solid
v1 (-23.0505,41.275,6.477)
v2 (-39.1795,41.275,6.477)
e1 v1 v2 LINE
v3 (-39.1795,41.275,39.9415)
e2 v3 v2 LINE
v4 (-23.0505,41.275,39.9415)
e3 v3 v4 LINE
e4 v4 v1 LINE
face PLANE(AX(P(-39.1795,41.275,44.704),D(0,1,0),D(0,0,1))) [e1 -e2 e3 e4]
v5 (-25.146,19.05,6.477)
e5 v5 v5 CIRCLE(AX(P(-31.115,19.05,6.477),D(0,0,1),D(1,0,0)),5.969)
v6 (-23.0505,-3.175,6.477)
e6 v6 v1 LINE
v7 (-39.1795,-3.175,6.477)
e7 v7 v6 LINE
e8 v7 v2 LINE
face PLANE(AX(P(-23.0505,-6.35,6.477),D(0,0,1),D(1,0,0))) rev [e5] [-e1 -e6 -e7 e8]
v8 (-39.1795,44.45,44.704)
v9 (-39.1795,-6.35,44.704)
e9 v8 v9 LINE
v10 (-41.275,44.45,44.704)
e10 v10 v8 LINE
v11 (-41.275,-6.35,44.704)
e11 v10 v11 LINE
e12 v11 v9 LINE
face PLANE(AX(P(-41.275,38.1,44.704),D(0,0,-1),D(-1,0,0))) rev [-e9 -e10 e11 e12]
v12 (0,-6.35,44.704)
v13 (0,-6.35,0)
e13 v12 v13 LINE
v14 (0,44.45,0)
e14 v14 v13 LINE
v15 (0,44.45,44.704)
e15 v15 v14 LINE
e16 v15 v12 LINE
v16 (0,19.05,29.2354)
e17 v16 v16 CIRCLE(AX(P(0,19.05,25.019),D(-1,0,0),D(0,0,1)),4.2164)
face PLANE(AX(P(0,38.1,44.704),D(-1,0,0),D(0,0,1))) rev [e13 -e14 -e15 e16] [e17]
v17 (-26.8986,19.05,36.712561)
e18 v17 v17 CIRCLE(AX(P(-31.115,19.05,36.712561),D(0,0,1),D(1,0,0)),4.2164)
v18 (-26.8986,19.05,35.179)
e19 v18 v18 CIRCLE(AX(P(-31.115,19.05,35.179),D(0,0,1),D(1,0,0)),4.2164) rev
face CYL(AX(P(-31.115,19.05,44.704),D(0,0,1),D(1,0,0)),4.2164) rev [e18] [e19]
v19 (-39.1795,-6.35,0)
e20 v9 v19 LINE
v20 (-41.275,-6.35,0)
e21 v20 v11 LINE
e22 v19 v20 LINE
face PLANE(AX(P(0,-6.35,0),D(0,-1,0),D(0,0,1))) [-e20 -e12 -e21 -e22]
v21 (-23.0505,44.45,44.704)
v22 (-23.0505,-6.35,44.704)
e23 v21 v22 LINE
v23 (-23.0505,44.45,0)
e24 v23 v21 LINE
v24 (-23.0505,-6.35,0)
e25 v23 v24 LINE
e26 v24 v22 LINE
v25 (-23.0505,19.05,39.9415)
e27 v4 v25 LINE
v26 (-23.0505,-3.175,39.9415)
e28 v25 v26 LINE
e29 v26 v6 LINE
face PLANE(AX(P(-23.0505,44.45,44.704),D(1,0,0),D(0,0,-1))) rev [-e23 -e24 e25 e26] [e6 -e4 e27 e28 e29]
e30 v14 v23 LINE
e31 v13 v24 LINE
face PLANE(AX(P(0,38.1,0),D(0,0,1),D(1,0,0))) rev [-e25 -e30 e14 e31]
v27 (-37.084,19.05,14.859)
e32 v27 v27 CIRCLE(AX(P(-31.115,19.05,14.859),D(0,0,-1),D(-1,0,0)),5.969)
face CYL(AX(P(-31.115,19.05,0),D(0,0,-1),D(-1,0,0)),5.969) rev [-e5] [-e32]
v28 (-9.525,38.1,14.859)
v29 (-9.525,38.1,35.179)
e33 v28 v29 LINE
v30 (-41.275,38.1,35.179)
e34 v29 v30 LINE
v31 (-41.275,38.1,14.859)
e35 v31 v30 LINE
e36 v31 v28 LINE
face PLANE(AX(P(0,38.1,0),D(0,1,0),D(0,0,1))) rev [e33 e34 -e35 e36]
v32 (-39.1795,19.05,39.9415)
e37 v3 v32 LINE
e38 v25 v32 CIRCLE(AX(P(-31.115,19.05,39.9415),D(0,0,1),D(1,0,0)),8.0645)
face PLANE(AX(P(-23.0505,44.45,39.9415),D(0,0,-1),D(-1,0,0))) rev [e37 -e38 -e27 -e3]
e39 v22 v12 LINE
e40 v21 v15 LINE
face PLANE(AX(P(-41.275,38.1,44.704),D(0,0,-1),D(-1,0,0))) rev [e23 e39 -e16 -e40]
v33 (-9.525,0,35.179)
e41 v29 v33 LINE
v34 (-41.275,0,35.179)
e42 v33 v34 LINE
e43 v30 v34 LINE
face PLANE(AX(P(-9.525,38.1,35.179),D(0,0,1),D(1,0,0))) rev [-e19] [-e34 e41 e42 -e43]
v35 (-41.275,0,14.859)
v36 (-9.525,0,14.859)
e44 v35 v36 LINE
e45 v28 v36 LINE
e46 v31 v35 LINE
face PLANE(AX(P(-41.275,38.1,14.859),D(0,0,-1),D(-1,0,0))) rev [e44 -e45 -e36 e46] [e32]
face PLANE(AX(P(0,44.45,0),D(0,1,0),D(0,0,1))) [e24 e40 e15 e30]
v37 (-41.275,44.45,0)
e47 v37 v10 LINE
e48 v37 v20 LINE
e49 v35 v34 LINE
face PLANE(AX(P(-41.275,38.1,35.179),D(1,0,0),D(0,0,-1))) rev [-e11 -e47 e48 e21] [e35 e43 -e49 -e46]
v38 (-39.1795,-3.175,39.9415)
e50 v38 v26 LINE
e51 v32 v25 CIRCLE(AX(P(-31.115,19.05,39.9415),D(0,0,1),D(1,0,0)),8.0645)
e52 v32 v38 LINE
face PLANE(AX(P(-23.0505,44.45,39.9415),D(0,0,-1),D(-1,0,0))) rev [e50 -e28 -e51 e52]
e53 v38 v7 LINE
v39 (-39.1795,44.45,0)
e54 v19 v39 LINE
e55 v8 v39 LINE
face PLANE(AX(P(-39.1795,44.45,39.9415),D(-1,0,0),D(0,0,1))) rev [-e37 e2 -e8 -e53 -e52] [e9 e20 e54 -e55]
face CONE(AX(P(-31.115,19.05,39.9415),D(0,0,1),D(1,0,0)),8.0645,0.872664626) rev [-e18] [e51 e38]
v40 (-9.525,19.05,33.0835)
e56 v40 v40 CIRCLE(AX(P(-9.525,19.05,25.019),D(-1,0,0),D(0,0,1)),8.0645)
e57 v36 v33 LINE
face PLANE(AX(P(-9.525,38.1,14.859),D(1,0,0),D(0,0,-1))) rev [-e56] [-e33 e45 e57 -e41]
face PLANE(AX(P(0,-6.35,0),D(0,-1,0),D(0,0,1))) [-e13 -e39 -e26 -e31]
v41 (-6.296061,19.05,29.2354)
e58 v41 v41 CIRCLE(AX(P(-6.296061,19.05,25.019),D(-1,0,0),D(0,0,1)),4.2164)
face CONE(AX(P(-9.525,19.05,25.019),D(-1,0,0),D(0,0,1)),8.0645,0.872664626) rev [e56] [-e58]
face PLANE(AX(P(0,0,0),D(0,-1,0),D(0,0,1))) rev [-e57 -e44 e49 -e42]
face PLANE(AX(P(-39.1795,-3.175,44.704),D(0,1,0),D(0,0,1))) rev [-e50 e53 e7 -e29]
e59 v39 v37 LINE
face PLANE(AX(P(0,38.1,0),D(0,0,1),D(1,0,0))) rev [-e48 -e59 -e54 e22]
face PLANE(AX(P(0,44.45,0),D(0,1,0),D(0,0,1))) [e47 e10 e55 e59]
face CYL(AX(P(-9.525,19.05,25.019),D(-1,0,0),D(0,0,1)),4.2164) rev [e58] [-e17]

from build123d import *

# Parameters (mm, degrees)
BOSS_EXTRUDE1_DEPTH                 = 38.1
SKETCH2_W                           = 41.275
SKETCH2_H                           = 44.704
END_CAPS_DEPTH                      = 6.35
CHANNEL_COUNTERSINK_PRE_D           = 8.4328
CHANNEL_COUNTERSINK_PRE_DEPTH       = 9.525
CHANNEL_COUNTERSINK_PRE_CSINK_D     = 16.129
CHANNEL_COUNTERSINK_PRE_CSINK_ANGLE = 100
CHANNEL_COUNTERSINK_PRE_TIP         = 2.533468714
MOUNTING_COUNTERSINK_D              = 8.4328
MOUNTING_COUNTERSINK_CSINK_D        = 16.129
MOUNTING_COUNTERSINK_CSINK_ANGLE    = 100
SKETCH13_W                          = 16.129
SKETCH13_H                          = 4.7625
CHANNEL_TOP_AND_BOTTOM_DEPTH        = 51.8
CHANNEL_COUNTERSINK_D               = 8.4328
CHANNEL_COUNTERSINK_DEPTH           = 4.7625
CHANNEL_COUNTERSINK_CSINK_D         = 16.129
CHANNEL_COUNTERSINK_CSINK_ANGLE     = 100
CHANNEL_COUNTERSINK_TIP             = 2.533468714
SKETCH16_W                          = 16.129
SKETCH16_H                          = 3.175
CHANNEL_LEFT_RIGHT_DEPTH            = 45.704
SKETCH17_W                          = 16.129
SKETCH17_H                          = 6.477
CUT_EXTRUDE3_DEPTH                  = 51.8
F_5_16_0_47_DIAMETER_HOLE1_D        = 11.938
F_5_16_0_47_DIAMETER_HOLE1_DEPTH    = 14.859


with BuildPart() as part:
    # Sketch1 → Boss-Extrude1 (new body)
    with BuildSketch(Plane(origin=(0, 0, 0), x_dir=(1, 0, 0), z_dir=(0, 1, 0))):
        Polygon((0, 0), (-41.275, 0), (-41.275, -14.859), (-9.525, -14.859), (-9.525, -35.179), (-41.275, -35.179), (-41.275, -44.704), (0, -44.704), align=None)
    extrude(amount=BOSS_EXTRUDE1_DEPTH)

    # Sketch2 → End Caps (add)
    with BuildSketch(Plane(origin=(0, 38.1, 0), x_dir=(-1, 0, 0), z_dir=(0, 1, 0))):
        with Locations((20.6375, 22.352)):
            Rectangle(SKETCH2_W, SKETCH2_H)
    end_caps = extrude(amount=END_CAPS_DEPTH)

    # Mirror1: End Caps across plane
    add(end_caps.mirror(Plane(origin=(0, 19.05, 0), x_dir=(0, 0, 1), z_dir=(0, -1, 0))))

    # Channel Countersink-PRE
    with Locations(Plane.XY.offset(44.704)):
        with Locations((-31.115, 19.05)):
            CounterSinkHole(CHANNEL_COUNTERSINK_PRE_D / 2, CHANNEL_COUNTERSINK_PRE_CSINK_D / 2, depth=CHANNEL_COUNTERSINK_PRE_DEPTH, counter_sink_angle=CHANNEL_COUNTERSINK_PRE_CSINK_ANGLE)
            with Locations((0, 0, -(CHANNEL_COUNTERSINK_PRE_DEPTH + CHANNEL_COUNTERSINK_PRE_TIP / 2))):  # 118° drill point
                Cone(0, CHANNEL_COUNTERSINK_PRE_D / 2, CHANNEL_COUNTERSINK_PRE_TIP, mode=Mode.SUBTRACT)

    # Mounting Countersink (through all)
    with Locations(Plane.ZY.offset(9.525)):
        with Locations((25.019, 19.05)):
            CounterSinkHole(MOUNTING_COUNTERSINK_D / 2, MOUNTING_COUNTERSINK_CSINK_D / 2, counter_sink_angle=MOUNTING_COUNTERSINK_CSINK_ANGLE)

    # Sketch13 → Channel Top and Bottom (cut, through all)
    with BuildSketch(Plane.XZ.offset(6.35)):
        with Locations((-31.115, 42.32275)):
            Rectangle(SKETCH13_W, SKETCH13_H)
    extrude(amount=-CHANNEL_TOP_AND_BOTTOM_DEPTH, mode=Mode.SUBTRACT)

    # Channel Countersink
    with Locations(Plane.XY.offset(39.9415)):
        with Locations((-31.115, 19.05)):
            CounterSinkHole(CHANNEL_COUNTERSINK_D / 2, CHANNEL_COUNTERSINK_CSINK_D / 2, depth=CHANNEL_COUNTERSINK_DEPTH, counter_sink_angle=CHANNEL_COUNTERSINK_CSINK_ANGLE)
            with Locations((0, 0, -(CHANNEL_COUNTERSINK_DEPTH + CHANNEL_COUNTERSINK_TIP / 2))):  # 118° drill point
                Cone(0, CHANNEL_COUNTERSINK_D / 2, CHANNEL_COUNTERSINK_TIP, mode=Mode.SUBTRACT)

    # Sketch16 → Channel Left Right (cut, through all)
    with BuildSketch(Plane(origin=(0, 0, 0), x_dir=(1, 0, 0), z_dir=(0, 0, -1))):
        with Locations((-31.115, 4.7625)):
            Rectangle(SKETCH16_W, SKETCH16_H)
    channel_left_right = extrude(amount=-CHANNEL_LEFT_RIGHT_DEPTH, mode=Mode.SUBTRACT)

    # Sketch17 → Cut-Extrude3 (cut, through all)
    with BuildSketch(Plane(origin=(0, 44.45, 0), x_dir=(-1, 0, 0), z_dir=(0, 1, 0))):
        with Locations((31.115, 3.2385)):
            Rectangle(SKETCH17_W, SKETCH17_H)
    extrude(amount=-CUT_EXTRUDE3_DEPTH, mode=Mode.SUBTRACT)

    # Mirror3: Channel Left Right across plane
    add(channel_left_right.mirror(Plane(origin=(0, 19.05, 0), x_dir=(0, 0, 1), z_dir=(0, -1, 0))), mode=Mode.SUBTRACT)

    # 5/16 (0.47) Diameter Hole1
    with Locations(Plane(origin=(0, 0, 0), x_dir=(1, 0, 0), z_dir=(0, 0, -1))):
        with Locations((-31.115, -19.05)):
            Hole(F_5_16_0_47_DIAMETER_HOLE1_D / 2, depth=F_5_16_0_47_DIAMETER_HOLE1_DEPTH)


solid = part.part
